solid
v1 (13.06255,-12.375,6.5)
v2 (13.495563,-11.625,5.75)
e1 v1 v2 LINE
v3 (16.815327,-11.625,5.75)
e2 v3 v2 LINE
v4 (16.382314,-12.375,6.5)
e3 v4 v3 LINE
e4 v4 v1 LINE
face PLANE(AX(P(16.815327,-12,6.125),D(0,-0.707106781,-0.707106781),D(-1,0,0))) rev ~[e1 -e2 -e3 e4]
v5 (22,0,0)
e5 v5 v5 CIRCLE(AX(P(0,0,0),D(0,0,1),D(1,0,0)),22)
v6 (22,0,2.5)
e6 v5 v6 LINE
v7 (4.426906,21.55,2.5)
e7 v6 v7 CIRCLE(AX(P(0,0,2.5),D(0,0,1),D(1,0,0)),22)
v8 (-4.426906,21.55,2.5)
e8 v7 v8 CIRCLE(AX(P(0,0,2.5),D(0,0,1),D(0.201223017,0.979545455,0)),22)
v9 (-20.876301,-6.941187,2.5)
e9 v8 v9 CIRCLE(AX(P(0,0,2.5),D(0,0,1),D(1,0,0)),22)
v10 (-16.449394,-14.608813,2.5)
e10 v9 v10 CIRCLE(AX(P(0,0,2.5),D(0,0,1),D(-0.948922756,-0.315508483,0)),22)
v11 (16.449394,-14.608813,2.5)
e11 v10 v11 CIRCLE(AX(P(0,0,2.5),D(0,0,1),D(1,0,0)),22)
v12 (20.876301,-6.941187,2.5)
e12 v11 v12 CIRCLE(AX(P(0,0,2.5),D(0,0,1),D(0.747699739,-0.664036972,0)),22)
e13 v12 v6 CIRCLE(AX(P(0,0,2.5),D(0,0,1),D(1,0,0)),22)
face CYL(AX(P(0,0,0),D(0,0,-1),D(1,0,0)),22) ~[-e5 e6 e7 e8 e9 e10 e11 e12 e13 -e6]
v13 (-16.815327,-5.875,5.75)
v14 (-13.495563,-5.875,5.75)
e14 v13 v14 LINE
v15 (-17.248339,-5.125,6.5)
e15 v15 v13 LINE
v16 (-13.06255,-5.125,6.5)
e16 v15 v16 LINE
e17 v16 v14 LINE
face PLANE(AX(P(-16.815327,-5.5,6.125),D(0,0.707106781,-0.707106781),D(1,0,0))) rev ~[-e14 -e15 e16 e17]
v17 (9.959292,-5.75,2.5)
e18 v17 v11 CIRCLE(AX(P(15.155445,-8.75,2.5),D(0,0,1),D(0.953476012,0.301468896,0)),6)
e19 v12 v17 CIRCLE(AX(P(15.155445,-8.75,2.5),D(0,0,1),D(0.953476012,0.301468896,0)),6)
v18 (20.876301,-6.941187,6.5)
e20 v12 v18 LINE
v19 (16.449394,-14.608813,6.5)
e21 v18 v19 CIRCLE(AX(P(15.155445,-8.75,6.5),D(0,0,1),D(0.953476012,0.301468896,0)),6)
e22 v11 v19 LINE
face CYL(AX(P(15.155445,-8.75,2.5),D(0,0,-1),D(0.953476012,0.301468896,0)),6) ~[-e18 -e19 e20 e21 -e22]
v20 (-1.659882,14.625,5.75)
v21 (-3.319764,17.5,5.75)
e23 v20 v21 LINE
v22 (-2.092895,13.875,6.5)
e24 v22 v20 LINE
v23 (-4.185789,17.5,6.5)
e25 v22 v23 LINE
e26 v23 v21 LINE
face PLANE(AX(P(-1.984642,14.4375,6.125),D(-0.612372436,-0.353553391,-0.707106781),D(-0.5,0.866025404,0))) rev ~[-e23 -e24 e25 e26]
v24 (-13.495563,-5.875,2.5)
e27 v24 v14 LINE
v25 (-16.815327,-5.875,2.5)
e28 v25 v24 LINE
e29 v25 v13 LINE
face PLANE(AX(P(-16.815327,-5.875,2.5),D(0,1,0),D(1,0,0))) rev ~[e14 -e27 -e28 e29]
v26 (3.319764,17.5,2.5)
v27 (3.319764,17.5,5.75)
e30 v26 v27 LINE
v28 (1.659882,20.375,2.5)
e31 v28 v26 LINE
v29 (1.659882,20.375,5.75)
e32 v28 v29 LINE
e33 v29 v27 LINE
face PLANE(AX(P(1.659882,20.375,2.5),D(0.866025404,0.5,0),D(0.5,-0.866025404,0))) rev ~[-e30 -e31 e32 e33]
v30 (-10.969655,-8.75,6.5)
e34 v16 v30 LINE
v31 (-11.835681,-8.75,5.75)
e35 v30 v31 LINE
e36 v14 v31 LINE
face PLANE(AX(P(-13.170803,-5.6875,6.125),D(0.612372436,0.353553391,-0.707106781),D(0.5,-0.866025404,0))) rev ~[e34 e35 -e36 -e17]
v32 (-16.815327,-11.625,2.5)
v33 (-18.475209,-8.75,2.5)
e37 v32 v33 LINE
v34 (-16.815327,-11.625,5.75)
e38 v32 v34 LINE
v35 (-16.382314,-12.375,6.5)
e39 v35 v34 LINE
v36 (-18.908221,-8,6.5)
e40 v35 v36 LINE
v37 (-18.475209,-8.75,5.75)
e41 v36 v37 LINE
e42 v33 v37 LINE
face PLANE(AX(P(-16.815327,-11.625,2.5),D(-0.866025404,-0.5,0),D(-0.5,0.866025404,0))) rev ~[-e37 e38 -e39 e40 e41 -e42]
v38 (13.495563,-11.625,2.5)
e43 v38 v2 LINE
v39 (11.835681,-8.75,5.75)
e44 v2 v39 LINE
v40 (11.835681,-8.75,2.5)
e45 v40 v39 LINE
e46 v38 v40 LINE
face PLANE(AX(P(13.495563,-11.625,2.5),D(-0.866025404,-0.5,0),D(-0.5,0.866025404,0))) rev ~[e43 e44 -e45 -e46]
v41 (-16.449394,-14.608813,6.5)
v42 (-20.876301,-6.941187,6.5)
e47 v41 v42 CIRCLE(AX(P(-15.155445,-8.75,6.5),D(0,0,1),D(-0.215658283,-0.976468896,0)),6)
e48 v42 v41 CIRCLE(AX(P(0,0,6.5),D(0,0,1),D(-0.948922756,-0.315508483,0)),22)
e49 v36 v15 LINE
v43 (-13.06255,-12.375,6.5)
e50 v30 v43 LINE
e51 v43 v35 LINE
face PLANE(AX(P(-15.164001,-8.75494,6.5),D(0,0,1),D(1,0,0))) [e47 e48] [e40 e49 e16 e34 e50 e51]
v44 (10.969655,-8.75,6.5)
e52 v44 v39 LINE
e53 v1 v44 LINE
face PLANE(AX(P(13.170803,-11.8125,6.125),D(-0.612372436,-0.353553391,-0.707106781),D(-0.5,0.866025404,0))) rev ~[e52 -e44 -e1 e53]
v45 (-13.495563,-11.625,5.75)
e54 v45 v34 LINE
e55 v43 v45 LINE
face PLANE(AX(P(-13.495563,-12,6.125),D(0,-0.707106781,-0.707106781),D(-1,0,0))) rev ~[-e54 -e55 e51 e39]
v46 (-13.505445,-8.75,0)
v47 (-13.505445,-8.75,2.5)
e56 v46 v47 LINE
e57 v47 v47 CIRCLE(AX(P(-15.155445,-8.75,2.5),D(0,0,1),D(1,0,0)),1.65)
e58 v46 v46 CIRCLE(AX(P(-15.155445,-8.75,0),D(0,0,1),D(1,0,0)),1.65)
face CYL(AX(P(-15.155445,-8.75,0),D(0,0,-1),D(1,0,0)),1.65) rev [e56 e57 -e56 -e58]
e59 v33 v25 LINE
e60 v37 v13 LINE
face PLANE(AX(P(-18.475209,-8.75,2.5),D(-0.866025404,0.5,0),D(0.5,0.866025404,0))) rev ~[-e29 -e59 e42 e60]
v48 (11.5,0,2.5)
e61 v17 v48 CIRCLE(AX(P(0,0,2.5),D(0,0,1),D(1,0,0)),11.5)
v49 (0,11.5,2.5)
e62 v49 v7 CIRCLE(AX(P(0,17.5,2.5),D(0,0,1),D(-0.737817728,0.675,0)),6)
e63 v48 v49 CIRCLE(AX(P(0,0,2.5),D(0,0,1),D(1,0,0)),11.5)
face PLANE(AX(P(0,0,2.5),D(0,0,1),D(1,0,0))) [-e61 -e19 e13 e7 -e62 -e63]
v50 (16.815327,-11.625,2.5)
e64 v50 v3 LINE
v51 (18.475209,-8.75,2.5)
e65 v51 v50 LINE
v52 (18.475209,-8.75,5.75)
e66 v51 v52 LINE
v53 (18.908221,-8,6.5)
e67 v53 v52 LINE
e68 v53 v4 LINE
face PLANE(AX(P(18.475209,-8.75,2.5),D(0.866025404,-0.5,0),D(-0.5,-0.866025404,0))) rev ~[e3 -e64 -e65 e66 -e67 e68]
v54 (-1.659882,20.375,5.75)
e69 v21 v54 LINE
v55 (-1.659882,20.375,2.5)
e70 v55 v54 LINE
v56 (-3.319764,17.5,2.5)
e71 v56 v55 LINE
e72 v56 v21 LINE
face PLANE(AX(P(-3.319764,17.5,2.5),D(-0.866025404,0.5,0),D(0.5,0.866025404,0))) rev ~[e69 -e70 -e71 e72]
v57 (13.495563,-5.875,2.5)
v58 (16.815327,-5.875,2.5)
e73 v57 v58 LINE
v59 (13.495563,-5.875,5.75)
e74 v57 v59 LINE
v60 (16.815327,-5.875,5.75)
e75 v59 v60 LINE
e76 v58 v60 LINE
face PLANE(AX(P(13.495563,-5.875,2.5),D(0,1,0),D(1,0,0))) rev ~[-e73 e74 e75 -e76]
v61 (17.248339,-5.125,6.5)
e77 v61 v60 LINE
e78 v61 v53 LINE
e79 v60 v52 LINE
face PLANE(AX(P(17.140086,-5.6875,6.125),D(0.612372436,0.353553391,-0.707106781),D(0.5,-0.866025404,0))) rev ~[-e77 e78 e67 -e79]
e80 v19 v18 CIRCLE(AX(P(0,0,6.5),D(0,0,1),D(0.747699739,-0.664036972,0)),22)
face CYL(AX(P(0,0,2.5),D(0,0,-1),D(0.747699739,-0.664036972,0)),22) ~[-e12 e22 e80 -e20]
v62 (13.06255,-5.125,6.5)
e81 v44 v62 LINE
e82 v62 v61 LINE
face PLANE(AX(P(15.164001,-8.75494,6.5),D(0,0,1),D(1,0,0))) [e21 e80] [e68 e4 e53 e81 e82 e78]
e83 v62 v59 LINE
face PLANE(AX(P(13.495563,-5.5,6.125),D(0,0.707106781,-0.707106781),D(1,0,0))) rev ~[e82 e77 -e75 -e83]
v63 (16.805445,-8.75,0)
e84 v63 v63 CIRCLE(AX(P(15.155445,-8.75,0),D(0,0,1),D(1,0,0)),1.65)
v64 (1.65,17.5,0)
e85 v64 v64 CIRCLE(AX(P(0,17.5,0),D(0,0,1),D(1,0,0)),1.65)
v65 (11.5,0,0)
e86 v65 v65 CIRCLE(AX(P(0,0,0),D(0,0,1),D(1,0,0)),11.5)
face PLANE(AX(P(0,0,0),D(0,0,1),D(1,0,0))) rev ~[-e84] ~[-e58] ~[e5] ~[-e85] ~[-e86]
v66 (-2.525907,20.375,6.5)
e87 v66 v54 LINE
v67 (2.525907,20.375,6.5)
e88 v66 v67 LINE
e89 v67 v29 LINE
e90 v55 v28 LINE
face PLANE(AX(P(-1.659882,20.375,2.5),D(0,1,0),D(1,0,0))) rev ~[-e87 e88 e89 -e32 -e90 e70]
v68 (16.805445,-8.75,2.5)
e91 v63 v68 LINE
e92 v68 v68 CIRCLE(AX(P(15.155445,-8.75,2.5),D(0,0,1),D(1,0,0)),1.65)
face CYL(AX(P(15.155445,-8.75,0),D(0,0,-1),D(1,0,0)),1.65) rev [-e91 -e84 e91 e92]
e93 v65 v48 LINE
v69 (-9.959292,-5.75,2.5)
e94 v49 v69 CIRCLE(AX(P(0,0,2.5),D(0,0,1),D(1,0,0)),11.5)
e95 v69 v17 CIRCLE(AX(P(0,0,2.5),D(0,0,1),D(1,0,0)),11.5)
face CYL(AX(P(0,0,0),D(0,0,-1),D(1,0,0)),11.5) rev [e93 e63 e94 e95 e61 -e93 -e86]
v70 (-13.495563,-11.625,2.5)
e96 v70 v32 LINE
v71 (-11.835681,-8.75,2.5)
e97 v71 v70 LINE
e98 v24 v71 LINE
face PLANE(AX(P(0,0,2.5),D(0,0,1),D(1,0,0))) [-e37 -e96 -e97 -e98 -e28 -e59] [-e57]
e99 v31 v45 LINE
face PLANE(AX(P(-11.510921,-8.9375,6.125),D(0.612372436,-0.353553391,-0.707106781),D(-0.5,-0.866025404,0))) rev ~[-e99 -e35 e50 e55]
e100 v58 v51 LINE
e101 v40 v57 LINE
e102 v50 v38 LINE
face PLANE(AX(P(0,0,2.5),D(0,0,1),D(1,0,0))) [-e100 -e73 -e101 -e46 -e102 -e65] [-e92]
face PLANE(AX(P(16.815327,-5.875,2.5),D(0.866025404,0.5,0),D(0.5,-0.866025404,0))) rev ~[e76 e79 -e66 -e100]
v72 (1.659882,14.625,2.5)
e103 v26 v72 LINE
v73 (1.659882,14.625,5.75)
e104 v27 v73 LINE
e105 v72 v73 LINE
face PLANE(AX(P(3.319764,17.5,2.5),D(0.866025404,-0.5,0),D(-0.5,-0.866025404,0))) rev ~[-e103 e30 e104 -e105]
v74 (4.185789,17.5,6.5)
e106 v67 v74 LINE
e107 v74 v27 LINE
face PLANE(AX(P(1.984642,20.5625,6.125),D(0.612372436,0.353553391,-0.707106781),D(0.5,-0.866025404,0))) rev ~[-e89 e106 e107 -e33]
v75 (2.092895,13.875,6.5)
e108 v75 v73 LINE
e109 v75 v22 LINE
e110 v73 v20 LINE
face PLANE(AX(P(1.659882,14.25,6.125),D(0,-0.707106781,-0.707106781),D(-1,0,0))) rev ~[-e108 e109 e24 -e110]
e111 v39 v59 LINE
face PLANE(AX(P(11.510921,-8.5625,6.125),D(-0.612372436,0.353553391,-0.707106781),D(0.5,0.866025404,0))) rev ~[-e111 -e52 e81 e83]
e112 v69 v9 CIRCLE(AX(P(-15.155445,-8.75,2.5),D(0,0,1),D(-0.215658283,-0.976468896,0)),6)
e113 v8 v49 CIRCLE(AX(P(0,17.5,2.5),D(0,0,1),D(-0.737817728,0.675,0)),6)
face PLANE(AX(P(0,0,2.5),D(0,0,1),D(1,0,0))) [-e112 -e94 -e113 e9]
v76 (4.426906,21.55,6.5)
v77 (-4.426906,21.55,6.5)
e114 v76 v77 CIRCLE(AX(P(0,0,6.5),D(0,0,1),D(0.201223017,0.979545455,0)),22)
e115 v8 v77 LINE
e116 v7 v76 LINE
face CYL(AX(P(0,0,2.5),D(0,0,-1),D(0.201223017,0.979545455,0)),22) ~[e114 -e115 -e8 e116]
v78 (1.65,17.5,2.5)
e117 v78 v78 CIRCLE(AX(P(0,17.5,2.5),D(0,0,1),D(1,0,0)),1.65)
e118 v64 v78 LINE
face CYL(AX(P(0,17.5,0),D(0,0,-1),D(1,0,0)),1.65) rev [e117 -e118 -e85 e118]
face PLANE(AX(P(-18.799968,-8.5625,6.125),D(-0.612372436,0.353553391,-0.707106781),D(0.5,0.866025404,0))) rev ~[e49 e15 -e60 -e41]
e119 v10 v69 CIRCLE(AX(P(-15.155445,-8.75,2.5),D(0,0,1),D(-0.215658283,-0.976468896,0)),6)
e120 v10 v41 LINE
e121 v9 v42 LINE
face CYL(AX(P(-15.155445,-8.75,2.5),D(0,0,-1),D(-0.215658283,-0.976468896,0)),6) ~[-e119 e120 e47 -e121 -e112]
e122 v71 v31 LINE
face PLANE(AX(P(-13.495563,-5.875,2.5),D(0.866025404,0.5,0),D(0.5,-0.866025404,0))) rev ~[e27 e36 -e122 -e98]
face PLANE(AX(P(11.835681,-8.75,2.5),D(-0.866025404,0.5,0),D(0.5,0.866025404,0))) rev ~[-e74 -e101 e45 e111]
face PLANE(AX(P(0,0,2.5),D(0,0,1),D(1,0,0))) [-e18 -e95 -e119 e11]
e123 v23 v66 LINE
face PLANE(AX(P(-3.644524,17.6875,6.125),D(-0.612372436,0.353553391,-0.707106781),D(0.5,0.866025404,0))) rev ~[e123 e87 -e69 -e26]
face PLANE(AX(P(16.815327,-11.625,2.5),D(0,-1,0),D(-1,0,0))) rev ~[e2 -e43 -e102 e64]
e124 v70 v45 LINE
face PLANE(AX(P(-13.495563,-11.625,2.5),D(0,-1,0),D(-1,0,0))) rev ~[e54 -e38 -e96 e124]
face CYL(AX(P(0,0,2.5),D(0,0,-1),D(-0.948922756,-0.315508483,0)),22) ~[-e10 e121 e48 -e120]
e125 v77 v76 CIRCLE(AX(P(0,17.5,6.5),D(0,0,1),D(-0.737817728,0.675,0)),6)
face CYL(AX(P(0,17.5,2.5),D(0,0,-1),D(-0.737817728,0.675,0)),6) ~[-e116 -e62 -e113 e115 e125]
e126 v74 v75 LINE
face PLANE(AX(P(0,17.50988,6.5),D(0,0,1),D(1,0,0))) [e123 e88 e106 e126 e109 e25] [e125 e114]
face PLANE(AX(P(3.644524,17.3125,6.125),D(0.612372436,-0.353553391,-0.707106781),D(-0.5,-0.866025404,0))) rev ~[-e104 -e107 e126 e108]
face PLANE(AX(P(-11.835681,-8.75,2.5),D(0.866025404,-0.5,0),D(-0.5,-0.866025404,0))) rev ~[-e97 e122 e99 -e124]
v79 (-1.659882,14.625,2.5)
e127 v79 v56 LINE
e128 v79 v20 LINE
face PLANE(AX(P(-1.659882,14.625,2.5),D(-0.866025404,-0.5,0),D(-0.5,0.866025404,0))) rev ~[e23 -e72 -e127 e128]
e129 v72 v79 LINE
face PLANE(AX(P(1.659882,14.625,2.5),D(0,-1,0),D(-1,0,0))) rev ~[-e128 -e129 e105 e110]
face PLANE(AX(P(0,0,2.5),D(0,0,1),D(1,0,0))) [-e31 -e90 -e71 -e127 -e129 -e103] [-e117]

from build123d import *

# Parameters (mm, degrees)
SKETCH1_R           = 22
SKETCH1_R_2         = 11.5
SKETCH1_R_3         = 1.65
BOSS_EXTRUDE1_DEPTH = 2.5
BOSS_EXTRUDE2_DEPTH = 4
CHAMFER1_SIZE       = 0.75


with BuildPart() as part:
    # Sketch1 → Boss-Extrude1 (new body)
    with BuildSketch(Plane.XY):
        Circle(SKETCH1_R)
        Circle(SKETCH1_R_2, mode=Mode.SUBTRACT)
        with Locations((0, 17.5)):
            Circle(SKETCH1_R_3, mode=Mode.SUBTRACT)
        with Locations((15.155444566, -8.75)):
            Circle(SKETCH1_R_3, mode=Mode.SUBTRACT)
        with Locations((-15.155444566, -8.75)):
            Circle(SKETCH1_R_3, mode=Mode.SUBTRACT)
    extrude(amount=BOSS_EXTRUDE1_DEPTH)

    # Sketch2 → Boss-Extrude2 (add)
    # profile 1 of 3: a face of its own
    with BuildSketch(Plane.XY.offset(2.5)):
        with BuildLine():
            ThreePointArc((4.426906369, 21.55), (0, 22), (-4.426906369, 21.55))
            ThreePointArc((-4.426906369, 21.55), (0, 11.5), (4.426906369, 21.55))
        make_face()
        Polygon((1.659882024, 20.375), (3.319764048, 17.5), (1.659882024, 14.625), (-1.659882024, 14.625), (-3.319764048, 17.5), (-1.659882024, 20.375), align=None, mode=Mode.SUBTRACT)
    # profile 2 of 3: a face of its own
    with BuildSketch(Plane.XY.offset(2.5)):
        with BuildLine():
            ThreePointArc((-16.449394267, -14.608813376), (-9.959292144, -5.75), (-20.876300636, -6.941186624))
            ThreePointArc((-20.876300636, -6.941186624), (-19.052558883, -11), (-16.449394267, -14.608813376))
        make_face()
        Polygon((-18.475208614, -8.75), (-16.81532659, -5.875), (-13.495562542, -5.875), (-11.835680518, -8.75), (-13.495562542, -11.625), (-16.81532659, -11.625), align=None, mode=Mode.SUBTRACT)
    # profile 3 of 3: a face of its own
    with BuildSketch(Plane.XY.offset(2.5)):
        with BuildLine():
            ThreePointArc((16.449394267, -14.608813376), (19.052558883, -11), (20.876300636, -6.941186624))
            ThreePointArc((20.876300636, -6.941186624), (9.959292144, -5.75), (16.449394267, -14.608813376))
        make_face()
        Polygon((16.81532659, -11.625), (13.495562542, -11.625), (11.835680518, -8.75), (13.495562542, -5.875), (16.81532659, -5.875), (18.475208614, -8.75), align=None, mode=Mode.SUBTRACT)
    extrude(amount=BOSS_EXTRUDE2_DEPTH)

    # Chamfer1
    chamfer1_edges = [part.edges().sort_by_distance(p)[0] for p in [
        (2.489823036, 16.0625, 6.5),
        (0, 14.625, 6.5),
        (-2.489823036, 16.0625, 6.5),
        (-2.489823036, 18.9375, 6.5),
        (2.489823036, 18.9375, 6.5),
        (-15.155444566, -5.875, 6.5),
        (-12.66562153, -7.3125, 6.5),
        (-12.66562153, -10.1875, 6.5),
        (-15.155444566, -11.625, 6.5),
        (-17.645267602, -7.3125, 6.5),
        (12.66562153, -10.1875, 6.5),
        (12.66562153, -7.3125, 6.5),
        (15.155444566, -5.875, 6.5),
        (17.645267602, -7.3125, 6.5),
        (15.155444566, -11.625, 6.5),
    ]]
    chamfer(chamfer1_edges, length=CHAMFER1_SIZE)


solid = part.part
